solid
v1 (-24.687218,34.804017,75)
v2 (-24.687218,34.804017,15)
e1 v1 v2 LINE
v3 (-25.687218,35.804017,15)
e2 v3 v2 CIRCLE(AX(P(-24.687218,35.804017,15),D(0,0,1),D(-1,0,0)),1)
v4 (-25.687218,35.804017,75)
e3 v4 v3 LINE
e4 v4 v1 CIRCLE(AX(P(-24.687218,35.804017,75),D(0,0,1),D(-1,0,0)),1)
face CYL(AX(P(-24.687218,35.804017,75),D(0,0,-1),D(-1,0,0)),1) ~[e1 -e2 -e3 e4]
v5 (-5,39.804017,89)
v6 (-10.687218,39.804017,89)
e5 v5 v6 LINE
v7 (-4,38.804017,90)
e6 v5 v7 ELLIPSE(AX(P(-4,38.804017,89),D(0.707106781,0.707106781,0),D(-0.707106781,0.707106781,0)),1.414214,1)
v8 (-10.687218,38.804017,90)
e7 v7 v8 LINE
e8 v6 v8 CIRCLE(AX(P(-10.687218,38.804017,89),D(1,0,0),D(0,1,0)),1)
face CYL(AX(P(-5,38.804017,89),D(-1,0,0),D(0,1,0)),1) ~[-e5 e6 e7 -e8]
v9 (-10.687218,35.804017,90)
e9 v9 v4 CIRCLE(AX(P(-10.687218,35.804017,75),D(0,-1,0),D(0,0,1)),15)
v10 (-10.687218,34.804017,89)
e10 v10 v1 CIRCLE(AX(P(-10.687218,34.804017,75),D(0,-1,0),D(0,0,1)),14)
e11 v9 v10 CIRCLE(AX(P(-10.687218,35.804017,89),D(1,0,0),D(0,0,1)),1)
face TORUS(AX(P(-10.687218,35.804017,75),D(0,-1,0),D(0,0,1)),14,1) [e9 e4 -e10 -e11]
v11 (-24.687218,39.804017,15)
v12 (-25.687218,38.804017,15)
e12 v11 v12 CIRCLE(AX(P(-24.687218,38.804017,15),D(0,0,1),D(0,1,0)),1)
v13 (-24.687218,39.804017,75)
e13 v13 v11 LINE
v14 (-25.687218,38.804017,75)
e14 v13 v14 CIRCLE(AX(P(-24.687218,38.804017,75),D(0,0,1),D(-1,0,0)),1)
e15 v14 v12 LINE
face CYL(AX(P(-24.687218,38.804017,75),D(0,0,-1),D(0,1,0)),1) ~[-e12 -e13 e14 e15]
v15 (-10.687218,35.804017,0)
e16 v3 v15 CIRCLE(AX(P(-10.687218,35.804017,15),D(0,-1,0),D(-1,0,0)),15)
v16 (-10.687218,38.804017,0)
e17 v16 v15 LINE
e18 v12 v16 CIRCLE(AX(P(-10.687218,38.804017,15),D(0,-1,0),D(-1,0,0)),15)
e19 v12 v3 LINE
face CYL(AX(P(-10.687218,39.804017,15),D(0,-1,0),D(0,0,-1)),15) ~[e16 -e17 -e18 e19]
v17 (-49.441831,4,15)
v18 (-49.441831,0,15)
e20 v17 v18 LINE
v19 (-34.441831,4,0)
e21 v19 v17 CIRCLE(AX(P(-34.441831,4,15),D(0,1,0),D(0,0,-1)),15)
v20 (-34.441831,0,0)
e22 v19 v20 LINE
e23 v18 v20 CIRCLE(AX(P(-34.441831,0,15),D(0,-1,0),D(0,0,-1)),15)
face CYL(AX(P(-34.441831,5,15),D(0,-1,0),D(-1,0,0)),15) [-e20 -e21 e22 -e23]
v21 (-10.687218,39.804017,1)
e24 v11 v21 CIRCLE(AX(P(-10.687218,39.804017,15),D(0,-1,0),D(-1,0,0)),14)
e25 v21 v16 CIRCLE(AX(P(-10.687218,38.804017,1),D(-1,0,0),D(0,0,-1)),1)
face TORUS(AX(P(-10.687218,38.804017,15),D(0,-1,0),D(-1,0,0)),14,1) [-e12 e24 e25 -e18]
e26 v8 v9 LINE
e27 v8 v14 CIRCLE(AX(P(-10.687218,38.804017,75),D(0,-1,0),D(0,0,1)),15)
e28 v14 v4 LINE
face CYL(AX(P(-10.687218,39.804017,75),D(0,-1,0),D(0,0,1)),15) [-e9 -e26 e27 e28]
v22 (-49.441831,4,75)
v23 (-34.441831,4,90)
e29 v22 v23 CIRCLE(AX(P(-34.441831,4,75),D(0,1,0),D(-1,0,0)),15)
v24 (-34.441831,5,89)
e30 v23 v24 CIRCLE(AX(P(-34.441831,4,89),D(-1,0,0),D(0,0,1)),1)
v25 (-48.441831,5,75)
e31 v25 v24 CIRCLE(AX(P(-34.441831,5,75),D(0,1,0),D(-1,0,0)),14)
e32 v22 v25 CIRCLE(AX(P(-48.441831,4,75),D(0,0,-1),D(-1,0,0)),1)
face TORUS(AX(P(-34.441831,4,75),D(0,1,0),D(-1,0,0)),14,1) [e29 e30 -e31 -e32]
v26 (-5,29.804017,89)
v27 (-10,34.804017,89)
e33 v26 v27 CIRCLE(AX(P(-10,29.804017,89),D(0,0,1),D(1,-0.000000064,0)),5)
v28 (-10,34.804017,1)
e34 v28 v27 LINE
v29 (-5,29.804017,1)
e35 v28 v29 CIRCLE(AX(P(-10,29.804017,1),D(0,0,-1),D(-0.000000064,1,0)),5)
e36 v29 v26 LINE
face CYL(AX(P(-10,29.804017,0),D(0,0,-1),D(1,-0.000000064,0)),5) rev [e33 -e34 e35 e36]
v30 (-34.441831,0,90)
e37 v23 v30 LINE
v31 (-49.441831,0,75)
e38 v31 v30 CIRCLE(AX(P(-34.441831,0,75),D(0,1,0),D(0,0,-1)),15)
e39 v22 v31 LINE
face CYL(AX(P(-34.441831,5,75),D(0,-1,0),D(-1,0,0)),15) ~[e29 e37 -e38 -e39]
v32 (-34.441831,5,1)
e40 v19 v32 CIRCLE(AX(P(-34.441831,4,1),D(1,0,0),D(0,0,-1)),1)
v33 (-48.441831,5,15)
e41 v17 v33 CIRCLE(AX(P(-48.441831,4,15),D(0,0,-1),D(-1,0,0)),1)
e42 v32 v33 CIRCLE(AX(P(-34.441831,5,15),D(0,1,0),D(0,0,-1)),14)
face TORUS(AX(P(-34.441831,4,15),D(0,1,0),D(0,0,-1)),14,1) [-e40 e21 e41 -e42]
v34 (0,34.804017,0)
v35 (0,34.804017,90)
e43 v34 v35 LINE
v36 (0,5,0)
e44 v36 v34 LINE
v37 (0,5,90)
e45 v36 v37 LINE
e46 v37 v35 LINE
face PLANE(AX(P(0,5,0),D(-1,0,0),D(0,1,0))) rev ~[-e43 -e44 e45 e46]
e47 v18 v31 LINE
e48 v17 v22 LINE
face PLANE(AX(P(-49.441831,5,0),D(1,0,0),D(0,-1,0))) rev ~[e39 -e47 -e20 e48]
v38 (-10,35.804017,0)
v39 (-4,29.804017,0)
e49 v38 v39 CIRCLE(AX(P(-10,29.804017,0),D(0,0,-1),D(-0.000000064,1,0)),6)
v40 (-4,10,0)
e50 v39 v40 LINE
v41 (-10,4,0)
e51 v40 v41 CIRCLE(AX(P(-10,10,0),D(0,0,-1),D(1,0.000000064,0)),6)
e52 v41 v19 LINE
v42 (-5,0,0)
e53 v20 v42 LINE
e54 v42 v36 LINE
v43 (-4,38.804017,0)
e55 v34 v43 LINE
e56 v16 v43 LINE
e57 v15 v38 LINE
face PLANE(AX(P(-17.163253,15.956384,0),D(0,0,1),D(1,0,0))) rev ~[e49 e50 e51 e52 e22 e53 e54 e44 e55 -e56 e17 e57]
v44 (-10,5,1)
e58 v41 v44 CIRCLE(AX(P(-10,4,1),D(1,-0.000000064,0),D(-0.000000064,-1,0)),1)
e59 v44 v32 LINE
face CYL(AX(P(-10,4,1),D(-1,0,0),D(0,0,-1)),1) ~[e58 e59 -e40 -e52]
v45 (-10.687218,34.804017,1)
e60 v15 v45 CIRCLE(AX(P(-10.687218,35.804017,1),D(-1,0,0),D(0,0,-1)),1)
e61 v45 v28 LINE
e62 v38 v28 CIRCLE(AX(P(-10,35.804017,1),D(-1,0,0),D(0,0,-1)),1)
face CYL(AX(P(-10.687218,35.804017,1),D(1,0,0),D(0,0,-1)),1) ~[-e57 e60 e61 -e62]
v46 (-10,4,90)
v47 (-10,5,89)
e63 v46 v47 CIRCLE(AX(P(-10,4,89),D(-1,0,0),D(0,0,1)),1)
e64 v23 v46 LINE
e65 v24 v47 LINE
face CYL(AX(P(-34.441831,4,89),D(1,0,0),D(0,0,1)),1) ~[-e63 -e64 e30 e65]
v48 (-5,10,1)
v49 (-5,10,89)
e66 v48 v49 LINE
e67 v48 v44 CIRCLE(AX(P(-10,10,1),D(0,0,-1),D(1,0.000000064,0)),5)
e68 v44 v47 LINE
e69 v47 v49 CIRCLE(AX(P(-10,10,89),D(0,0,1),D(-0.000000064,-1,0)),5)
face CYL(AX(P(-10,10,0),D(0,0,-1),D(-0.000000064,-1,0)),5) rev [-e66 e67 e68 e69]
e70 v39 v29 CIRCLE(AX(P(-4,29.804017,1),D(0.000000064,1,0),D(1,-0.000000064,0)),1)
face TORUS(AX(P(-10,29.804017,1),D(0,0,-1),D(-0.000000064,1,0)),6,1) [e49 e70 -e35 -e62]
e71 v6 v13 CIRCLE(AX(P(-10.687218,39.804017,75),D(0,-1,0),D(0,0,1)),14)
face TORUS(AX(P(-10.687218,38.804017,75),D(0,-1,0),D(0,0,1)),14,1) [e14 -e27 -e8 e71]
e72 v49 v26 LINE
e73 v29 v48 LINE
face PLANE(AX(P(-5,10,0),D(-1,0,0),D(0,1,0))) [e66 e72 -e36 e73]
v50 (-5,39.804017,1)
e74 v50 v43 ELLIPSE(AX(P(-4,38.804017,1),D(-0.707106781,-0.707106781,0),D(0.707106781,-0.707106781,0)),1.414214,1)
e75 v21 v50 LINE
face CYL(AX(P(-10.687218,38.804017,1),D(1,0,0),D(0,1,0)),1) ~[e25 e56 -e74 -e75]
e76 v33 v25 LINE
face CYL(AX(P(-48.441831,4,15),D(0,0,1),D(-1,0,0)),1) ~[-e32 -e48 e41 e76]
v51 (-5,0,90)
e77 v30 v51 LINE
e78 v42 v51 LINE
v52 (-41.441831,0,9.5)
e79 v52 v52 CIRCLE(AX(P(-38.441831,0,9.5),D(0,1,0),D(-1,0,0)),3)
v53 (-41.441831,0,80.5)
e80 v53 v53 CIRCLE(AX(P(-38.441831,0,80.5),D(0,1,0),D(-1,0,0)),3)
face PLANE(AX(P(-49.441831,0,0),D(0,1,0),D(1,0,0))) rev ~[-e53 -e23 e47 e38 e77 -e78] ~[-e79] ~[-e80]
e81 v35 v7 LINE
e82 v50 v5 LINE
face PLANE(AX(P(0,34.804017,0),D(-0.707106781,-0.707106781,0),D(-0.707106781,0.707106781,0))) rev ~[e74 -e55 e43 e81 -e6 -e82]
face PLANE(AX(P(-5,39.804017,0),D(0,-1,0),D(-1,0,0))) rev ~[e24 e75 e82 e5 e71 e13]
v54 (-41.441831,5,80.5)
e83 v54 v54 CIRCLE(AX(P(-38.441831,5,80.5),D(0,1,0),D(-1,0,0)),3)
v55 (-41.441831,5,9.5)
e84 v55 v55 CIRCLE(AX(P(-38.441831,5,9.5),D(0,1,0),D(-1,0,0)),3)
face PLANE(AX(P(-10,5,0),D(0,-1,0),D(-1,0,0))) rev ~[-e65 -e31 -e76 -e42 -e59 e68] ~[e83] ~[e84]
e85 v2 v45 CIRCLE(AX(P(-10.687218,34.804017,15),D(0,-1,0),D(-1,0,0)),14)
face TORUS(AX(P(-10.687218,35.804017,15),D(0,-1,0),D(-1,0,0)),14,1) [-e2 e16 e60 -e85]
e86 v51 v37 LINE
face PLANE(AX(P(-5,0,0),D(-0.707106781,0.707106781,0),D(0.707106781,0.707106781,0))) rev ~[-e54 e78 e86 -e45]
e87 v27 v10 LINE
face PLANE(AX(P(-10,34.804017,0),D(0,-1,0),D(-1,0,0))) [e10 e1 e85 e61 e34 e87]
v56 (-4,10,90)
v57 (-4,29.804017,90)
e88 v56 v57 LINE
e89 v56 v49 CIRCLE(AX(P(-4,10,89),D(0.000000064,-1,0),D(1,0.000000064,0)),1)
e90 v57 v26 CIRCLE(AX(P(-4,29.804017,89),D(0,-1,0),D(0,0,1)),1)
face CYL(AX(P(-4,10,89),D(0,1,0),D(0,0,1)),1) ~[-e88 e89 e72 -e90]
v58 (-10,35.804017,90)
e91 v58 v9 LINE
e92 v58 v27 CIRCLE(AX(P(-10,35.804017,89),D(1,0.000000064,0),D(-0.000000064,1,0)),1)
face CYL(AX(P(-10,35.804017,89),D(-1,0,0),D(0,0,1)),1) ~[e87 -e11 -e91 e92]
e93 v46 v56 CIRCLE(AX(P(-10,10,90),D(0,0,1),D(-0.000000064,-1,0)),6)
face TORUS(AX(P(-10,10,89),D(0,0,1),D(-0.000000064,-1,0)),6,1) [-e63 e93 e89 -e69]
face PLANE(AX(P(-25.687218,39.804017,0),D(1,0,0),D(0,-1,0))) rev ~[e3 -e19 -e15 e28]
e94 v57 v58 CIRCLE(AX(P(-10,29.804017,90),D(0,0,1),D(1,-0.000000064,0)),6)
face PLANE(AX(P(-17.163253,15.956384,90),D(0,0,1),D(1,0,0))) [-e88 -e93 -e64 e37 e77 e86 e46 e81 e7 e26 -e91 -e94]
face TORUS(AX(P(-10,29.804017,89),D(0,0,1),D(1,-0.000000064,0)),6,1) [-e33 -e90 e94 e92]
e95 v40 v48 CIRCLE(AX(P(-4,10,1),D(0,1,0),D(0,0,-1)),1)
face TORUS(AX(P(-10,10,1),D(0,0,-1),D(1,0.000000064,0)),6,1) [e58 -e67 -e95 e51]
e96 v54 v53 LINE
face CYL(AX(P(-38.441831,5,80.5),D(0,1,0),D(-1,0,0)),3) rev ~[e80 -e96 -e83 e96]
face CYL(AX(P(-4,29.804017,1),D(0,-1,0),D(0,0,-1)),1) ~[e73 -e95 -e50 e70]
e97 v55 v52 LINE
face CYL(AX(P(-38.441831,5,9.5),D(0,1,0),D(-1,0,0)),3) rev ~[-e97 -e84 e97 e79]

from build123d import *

# Parameters (mm, degrees)
PAD_DEPTH    = 90
SKETCH001_R  = 3
POCKET_DEPTH = 5
FILLET_R     = 15
FILLET001_R  = 1
FILLET002_R  = 1


with BuildPart() as part:
    # Sketch (on XY_Plane of Origin) → Pad (new body)
    with BuildSketch(Plane.XY):
        with BuildLine():
            Line((-49.441831, 0), (-5, 0))
            Line((-5, 0), (0, 5))
            Line((0, 5), (0, 8.139563))
            Line((0, 8.139563), (0, 34.804017))
            Line((0, 34.804017), (-5, 39.804017))
            Line((-5, 39.804017), (-25.687218, 39.804017))
            Line((-25.687218, 39.804017), (-25.687218, 34.804017))
            Line((-10, 34.804017), (-25.687218, 34.804017))
            ThreePointArc((-5, 29.804017), (-6.464466, 33.339551), (-10, 34.804017))
            Line((-5, 10), (-5, 29.804017))
            ThreePointArc((-10, 5), (-6.464466, 6.464466), (-5, 10))
            Line((-20, 5), (-10, 5))
            Line((-20, 5), (-49.441831, 5))
            Line((-49.441831, 5), (-49.441831, 0))
        make_face()
    extrude(amount=PAD_DEPTH)

    # Sketch001 → Pocket (cut)
    with BuildSketch(Plane(origin=(0, 5, 0), x_dir=(-1, 0, 0), z_dir=(0, 1, 0))):
        with Locations((38.441831, 80.5)):
            Circle(SKETCH001_R)
        with Locations((38.441831, 9.5)):
            Circle(SKETCH001_R)
    extrude(amount=-POCKET_DEPTH, mode=Mode.SUBTRACT)

    # Fillet
    fillet_edges = [part.edges().sort_by_distance(p)[0] for p in [
        (-25.687218, 37.304017, 90),
        (-25.687218, 37.304017, 0),
        (-49.441831, 2.5, 0),
        (-49.441831, 2.5, 90),
    ]]
    fillet(fillet_edges, radius=FILLET_R)

    # Fillet001
    fillet001_edges = [part.edges().sort_by_distance(p)[0] for p in [
        (-49.441831, 5, 45),
        (-45.048433, 5, 85.606602),
        (-22.220916, 5, 90),
        (-45.048433, 5, 4.393398),
        (-22.220916, 5, 0),
    ]]
    fillet(fillet001_edges, radius=FILLET001_R)

    # Fillet002
    fillet002_edges = [part.edges().sort_by_distance(p)[0] for p in [
        (-21.29382, 39.804017, 85.606602),
        (-25.687218, 39.804017, 45),
        (-21.29382, 39.804017, 4.393398),
    ]]
    fillet(fillet002_edges, radius=FILLET002_R)


solid = part.part
